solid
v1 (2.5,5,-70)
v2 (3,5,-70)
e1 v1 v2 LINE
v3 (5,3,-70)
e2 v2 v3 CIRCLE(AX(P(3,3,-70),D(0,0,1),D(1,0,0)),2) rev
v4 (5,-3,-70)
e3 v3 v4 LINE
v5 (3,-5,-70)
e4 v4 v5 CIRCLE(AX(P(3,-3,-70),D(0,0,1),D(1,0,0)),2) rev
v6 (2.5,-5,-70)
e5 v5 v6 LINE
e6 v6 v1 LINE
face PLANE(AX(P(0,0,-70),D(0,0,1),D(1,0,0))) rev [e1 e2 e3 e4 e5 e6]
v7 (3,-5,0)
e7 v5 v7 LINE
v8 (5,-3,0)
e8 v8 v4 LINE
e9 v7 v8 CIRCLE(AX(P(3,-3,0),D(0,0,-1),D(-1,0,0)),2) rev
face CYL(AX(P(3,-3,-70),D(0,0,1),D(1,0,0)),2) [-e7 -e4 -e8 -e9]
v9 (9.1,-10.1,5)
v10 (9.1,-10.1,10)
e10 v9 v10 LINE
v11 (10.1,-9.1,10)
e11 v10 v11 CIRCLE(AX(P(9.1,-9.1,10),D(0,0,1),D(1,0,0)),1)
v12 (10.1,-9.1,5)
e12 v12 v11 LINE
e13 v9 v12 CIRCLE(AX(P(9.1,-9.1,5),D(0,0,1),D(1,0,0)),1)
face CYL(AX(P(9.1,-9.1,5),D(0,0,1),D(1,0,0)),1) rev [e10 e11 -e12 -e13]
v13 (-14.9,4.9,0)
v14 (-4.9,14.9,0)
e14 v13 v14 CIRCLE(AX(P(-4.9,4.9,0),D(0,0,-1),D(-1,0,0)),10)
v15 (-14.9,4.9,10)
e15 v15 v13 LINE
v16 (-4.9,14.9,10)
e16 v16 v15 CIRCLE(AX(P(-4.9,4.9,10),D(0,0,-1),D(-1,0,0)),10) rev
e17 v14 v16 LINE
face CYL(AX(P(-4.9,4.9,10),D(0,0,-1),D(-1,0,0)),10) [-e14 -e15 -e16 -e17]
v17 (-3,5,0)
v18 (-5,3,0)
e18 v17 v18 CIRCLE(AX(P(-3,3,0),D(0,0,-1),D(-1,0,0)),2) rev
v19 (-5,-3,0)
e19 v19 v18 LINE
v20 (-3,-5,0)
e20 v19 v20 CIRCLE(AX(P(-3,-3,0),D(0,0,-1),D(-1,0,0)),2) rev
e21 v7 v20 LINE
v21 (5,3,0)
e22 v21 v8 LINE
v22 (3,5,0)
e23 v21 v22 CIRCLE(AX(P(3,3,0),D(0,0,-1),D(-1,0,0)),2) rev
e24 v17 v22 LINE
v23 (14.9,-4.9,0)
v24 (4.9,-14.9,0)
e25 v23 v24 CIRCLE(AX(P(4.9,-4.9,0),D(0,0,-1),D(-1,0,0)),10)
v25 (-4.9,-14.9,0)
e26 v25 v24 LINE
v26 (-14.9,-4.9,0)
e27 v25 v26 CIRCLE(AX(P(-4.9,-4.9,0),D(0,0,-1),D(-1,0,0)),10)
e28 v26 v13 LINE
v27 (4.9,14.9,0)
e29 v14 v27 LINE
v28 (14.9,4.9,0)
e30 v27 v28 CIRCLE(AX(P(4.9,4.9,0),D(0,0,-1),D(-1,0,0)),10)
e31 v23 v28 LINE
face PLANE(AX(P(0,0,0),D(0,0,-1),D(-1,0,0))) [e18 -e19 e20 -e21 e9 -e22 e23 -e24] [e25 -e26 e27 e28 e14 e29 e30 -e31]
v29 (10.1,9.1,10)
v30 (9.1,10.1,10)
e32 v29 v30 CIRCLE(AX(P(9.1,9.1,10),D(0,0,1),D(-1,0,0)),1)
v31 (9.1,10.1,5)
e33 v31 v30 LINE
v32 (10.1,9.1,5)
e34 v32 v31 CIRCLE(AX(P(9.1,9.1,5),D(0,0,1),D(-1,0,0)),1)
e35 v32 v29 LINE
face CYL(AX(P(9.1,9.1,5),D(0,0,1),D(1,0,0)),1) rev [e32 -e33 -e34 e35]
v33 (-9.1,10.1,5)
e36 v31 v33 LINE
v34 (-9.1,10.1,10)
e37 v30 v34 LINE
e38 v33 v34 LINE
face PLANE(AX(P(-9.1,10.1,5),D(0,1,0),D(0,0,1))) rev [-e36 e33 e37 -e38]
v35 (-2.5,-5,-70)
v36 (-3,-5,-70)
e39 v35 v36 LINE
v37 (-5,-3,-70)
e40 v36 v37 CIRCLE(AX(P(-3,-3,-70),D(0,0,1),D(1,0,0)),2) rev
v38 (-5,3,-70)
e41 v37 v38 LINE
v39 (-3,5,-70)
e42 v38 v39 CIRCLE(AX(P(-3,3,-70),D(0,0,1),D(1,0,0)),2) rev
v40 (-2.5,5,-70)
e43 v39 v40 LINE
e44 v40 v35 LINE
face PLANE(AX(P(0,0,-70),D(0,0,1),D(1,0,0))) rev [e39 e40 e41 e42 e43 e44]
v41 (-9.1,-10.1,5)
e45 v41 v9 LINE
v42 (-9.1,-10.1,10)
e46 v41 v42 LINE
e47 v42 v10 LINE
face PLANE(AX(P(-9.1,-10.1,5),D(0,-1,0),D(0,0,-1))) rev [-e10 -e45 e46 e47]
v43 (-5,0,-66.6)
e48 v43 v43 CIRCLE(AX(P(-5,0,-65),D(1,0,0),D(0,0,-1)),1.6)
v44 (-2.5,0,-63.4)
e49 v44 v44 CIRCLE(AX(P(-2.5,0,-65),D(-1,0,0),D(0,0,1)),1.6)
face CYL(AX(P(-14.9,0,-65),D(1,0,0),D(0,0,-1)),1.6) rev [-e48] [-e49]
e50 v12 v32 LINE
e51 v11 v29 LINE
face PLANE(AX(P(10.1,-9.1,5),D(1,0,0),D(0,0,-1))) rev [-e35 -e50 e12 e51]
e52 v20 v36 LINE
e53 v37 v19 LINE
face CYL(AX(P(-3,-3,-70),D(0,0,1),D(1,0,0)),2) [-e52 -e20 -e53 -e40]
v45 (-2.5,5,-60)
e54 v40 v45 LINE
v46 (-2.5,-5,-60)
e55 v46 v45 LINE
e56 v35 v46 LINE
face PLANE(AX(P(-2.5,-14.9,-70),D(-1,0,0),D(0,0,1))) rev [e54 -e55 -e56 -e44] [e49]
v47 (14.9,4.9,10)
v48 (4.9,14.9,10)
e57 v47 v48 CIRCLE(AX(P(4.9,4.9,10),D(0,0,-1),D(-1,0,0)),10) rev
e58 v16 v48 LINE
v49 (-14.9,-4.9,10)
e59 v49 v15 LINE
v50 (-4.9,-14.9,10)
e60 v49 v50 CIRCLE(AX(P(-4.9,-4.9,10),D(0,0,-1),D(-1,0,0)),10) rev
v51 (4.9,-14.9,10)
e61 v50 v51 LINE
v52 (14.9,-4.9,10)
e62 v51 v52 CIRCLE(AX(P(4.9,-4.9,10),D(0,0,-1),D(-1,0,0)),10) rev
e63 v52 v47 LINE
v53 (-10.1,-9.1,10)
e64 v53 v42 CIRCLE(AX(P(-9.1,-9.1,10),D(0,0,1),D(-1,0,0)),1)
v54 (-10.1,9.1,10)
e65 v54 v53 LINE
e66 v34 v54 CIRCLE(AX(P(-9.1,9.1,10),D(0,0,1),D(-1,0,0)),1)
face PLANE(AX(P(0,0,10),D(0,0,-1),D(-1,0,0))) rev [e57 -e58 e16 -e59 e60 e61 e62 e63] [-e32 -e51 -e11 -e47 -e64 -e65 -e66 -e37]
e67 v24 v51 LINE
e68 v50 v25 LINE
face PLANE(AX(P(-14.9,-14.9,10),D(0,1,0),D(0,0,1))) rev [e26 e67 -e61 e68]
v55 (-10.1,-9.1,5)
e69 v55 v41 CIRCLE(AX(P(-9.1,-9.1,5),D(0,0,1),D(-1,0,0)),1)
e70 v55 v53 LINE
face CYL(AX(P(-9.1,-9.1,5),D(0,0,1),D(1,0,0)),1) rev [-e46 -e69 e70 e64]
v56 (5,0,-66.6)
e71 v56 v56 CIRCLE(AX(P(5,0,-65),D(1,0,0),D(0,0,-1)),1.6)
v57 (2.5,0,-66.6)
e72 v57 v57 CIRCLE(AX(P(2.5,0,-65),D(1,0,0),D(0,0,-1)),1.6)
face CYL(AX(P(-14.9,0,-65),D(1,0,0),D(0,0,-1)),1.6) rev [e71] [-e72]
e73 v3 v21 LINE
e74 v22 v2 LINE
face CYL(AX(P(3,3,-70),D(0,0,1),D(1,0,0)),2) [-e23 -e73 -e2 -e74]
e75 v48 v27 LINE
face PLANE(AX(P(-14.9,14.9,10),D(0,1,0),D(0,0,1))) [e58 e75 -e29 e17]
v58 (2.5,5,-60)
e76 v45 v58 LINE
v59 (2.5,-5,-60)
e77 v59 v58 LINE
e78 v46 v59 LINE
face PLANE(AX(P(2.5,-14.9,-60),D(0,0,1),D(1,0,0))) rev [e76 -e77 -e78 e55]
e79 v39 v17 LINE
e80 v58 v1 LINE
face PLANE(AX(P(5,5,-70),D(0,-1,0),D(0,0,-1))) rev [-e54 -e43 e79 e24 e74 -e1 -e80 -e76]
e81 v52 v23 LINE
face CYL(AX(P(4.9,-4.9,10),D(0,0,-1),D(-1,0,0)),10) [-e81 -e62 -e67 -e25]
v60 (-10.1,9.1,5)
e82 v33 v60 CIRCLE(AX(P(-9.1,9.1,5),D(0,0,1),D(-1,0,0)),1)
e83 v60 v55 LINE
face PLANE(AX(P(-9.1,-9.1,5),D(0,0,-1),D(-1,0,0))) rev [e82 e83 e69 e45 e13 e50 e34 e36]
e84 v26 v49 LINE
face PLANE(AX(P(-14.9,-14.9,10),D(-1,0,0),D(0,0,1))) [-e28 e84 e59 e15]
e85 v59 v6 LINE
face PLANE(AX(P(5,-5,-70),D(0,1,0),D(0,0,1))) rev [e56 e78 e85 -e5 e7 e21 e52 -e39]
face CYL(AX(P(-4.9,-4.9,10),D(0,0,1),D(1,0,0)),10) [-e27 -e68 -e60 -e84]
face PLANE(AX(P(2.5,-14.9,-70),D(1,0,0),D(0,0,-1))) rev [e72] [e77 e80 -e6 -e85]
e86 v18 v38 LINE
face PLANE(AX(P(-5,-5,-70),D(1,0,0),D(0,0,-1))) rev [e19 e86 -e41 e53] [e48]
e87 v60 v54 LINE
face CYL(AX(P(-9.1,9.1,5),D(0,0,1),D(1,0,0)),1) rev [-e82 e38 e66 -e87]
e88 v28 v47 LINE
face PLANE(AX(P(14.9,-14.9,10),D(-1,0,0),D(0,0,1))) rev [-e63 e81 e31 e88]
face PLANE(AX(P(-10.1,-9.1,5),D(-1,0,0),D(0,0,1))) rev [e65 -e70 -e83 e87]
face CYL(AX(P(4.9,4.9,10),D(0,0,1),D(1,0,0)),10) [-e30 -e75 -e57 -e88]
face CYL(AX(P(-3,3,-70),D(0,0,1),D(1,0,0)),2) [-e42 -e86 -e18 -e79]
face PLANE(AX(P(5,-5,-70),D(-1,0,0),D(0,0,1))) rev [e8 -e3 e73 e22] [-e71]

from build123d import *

# Parameters (mm, degrees)
SKETCH_1_W          = 29.8
SKETCH_1_H          = 29.8
EXTRUDE_1_DEPTH     = 10
FILLET_1_R          = 10
SKETCH_2_W          = 10
SKETCH_2_H          = 10
EXTRUDE_2_DEPTH     = 70
SKETCH_3_W          = 5
SKETCH_3_H          = 10
CUT_EXTRUDE_1_DEPTH = 75.283376337
SKETCH_4_R          = 1.6
CUT_EXTRUDE_2_DEPTH = 75.283376337
CUT_EXTRUDE_3_DEPTH = 5
FILLET_3_R          = 2


with BuildPart() as part:
    # ｽｹｯﾁ1 → ﾎﾞｽ - 押し出し1 (new body)
    with BuildSketch(Plane.XY):
        Rectangle(SKETCH_1_W, SKETCH_1_H)
    extrude(amount=EXTRUDE_1_DEPTH)

    # ﾌｨﾚｯﾄ1
    fillet_1_edges = [part.edges().sort_by_distance(p)[0] for p in [
        (-14.9, -14.9, 5),
        (14.9, -14.9, 5),
        (14.9, 14.9, 5),
        (-14.9, 14.9, 5),
    ]]
    fillet(fillet_1_edges, radius=FILLET_1_R)

    # ｽｹｯﾁ2 → ﾎﾞｽ - 押し出し2 (add)
    with BuildSketch(Plane(origin=(0, 0, 0), x_dir=(-1, 0, 0), z_dir=(0, 0, -1))):
        Rectangle(SKETCH_2_W, SKETCH_2_H)
    extrude(amount=EXTRUDE_2_DEPTH)

    # ｽｹｯﾁ3 → ｶｯﾄ - 押し出し1 (cut, through all)
    with BuildSketch(Plane(origin=(0, 5, 0), x_dir=(1, 0, 0), z_dir=(0, 1, 0))):
        with Locations((0, 65)):
            Rectangle(SKETCH_3_W, SKETCH_3_H)
    extrude(amount=-CUT_EXTRUDE_1_DEPTH, mode=Mode.SUBTRACT)

    # ｽｹｯﾁ4 → ｶｯﾄ - 押し出し2 (cut, through all)
    with BuildSketch(Plane(origin=(5, 0, 0), x_dir=(0, 0, -1), z_dir=(1, 0, 0))):
        with Locations((65, 0)):
            Circle(SKETCH_4_R)
    extrude(amount=-CUT_EXTRUDE_2_DEPTH, mode=Mode.SUBTRACT)

    # ｽｹｯﾁ5 → ｶｯﾄ - 押し出し3 (cut)
    with BuildSketch(Plane.XY.offset(10)):
        with BuildLine():
            Line((-9.1, -10.1), (9.1, -10.1))
            ThreePointArc((9.1, -10.1), (9.807106781, -9.807106781), (10.1, -9.1))
            Line((10.1, -9.1), (10.1, 9.1))
            ThreePointArc((10.1, 9.1), (9.807106781, 9.807106781), (9.1, 10.1))
            Line((9.1, 10.1), (-9.1, 10.1))
            ThreePointArc((-9.1, 10.1), (-9.807106781, 9.807106781), (-10.1, 9.1))
            Line((-10.1, 9.1), (-10.1, -9.1))
            ThreePointArc((-10.1, -9.1), (-9.807106781, -9.807106781), (-9.1, -10.1))
        make_face()
    extrude(amount=-CUT_EXTRUDE_3_DEPTH, mode=Mode.SUBTRACT)

    # ﾌｨﾚｯﾄ3
    fillet_3_edges = [part.edges().sort_by_distance(p)[0] for p in [
        (-5, -5, -35),
        (-5, 5, -35),
        (5, 5, -35),
        (5, -5, -35),
    ]]
    fillet(fillet_3_edges, radius=FILLET_3_R)


solid = part.part
